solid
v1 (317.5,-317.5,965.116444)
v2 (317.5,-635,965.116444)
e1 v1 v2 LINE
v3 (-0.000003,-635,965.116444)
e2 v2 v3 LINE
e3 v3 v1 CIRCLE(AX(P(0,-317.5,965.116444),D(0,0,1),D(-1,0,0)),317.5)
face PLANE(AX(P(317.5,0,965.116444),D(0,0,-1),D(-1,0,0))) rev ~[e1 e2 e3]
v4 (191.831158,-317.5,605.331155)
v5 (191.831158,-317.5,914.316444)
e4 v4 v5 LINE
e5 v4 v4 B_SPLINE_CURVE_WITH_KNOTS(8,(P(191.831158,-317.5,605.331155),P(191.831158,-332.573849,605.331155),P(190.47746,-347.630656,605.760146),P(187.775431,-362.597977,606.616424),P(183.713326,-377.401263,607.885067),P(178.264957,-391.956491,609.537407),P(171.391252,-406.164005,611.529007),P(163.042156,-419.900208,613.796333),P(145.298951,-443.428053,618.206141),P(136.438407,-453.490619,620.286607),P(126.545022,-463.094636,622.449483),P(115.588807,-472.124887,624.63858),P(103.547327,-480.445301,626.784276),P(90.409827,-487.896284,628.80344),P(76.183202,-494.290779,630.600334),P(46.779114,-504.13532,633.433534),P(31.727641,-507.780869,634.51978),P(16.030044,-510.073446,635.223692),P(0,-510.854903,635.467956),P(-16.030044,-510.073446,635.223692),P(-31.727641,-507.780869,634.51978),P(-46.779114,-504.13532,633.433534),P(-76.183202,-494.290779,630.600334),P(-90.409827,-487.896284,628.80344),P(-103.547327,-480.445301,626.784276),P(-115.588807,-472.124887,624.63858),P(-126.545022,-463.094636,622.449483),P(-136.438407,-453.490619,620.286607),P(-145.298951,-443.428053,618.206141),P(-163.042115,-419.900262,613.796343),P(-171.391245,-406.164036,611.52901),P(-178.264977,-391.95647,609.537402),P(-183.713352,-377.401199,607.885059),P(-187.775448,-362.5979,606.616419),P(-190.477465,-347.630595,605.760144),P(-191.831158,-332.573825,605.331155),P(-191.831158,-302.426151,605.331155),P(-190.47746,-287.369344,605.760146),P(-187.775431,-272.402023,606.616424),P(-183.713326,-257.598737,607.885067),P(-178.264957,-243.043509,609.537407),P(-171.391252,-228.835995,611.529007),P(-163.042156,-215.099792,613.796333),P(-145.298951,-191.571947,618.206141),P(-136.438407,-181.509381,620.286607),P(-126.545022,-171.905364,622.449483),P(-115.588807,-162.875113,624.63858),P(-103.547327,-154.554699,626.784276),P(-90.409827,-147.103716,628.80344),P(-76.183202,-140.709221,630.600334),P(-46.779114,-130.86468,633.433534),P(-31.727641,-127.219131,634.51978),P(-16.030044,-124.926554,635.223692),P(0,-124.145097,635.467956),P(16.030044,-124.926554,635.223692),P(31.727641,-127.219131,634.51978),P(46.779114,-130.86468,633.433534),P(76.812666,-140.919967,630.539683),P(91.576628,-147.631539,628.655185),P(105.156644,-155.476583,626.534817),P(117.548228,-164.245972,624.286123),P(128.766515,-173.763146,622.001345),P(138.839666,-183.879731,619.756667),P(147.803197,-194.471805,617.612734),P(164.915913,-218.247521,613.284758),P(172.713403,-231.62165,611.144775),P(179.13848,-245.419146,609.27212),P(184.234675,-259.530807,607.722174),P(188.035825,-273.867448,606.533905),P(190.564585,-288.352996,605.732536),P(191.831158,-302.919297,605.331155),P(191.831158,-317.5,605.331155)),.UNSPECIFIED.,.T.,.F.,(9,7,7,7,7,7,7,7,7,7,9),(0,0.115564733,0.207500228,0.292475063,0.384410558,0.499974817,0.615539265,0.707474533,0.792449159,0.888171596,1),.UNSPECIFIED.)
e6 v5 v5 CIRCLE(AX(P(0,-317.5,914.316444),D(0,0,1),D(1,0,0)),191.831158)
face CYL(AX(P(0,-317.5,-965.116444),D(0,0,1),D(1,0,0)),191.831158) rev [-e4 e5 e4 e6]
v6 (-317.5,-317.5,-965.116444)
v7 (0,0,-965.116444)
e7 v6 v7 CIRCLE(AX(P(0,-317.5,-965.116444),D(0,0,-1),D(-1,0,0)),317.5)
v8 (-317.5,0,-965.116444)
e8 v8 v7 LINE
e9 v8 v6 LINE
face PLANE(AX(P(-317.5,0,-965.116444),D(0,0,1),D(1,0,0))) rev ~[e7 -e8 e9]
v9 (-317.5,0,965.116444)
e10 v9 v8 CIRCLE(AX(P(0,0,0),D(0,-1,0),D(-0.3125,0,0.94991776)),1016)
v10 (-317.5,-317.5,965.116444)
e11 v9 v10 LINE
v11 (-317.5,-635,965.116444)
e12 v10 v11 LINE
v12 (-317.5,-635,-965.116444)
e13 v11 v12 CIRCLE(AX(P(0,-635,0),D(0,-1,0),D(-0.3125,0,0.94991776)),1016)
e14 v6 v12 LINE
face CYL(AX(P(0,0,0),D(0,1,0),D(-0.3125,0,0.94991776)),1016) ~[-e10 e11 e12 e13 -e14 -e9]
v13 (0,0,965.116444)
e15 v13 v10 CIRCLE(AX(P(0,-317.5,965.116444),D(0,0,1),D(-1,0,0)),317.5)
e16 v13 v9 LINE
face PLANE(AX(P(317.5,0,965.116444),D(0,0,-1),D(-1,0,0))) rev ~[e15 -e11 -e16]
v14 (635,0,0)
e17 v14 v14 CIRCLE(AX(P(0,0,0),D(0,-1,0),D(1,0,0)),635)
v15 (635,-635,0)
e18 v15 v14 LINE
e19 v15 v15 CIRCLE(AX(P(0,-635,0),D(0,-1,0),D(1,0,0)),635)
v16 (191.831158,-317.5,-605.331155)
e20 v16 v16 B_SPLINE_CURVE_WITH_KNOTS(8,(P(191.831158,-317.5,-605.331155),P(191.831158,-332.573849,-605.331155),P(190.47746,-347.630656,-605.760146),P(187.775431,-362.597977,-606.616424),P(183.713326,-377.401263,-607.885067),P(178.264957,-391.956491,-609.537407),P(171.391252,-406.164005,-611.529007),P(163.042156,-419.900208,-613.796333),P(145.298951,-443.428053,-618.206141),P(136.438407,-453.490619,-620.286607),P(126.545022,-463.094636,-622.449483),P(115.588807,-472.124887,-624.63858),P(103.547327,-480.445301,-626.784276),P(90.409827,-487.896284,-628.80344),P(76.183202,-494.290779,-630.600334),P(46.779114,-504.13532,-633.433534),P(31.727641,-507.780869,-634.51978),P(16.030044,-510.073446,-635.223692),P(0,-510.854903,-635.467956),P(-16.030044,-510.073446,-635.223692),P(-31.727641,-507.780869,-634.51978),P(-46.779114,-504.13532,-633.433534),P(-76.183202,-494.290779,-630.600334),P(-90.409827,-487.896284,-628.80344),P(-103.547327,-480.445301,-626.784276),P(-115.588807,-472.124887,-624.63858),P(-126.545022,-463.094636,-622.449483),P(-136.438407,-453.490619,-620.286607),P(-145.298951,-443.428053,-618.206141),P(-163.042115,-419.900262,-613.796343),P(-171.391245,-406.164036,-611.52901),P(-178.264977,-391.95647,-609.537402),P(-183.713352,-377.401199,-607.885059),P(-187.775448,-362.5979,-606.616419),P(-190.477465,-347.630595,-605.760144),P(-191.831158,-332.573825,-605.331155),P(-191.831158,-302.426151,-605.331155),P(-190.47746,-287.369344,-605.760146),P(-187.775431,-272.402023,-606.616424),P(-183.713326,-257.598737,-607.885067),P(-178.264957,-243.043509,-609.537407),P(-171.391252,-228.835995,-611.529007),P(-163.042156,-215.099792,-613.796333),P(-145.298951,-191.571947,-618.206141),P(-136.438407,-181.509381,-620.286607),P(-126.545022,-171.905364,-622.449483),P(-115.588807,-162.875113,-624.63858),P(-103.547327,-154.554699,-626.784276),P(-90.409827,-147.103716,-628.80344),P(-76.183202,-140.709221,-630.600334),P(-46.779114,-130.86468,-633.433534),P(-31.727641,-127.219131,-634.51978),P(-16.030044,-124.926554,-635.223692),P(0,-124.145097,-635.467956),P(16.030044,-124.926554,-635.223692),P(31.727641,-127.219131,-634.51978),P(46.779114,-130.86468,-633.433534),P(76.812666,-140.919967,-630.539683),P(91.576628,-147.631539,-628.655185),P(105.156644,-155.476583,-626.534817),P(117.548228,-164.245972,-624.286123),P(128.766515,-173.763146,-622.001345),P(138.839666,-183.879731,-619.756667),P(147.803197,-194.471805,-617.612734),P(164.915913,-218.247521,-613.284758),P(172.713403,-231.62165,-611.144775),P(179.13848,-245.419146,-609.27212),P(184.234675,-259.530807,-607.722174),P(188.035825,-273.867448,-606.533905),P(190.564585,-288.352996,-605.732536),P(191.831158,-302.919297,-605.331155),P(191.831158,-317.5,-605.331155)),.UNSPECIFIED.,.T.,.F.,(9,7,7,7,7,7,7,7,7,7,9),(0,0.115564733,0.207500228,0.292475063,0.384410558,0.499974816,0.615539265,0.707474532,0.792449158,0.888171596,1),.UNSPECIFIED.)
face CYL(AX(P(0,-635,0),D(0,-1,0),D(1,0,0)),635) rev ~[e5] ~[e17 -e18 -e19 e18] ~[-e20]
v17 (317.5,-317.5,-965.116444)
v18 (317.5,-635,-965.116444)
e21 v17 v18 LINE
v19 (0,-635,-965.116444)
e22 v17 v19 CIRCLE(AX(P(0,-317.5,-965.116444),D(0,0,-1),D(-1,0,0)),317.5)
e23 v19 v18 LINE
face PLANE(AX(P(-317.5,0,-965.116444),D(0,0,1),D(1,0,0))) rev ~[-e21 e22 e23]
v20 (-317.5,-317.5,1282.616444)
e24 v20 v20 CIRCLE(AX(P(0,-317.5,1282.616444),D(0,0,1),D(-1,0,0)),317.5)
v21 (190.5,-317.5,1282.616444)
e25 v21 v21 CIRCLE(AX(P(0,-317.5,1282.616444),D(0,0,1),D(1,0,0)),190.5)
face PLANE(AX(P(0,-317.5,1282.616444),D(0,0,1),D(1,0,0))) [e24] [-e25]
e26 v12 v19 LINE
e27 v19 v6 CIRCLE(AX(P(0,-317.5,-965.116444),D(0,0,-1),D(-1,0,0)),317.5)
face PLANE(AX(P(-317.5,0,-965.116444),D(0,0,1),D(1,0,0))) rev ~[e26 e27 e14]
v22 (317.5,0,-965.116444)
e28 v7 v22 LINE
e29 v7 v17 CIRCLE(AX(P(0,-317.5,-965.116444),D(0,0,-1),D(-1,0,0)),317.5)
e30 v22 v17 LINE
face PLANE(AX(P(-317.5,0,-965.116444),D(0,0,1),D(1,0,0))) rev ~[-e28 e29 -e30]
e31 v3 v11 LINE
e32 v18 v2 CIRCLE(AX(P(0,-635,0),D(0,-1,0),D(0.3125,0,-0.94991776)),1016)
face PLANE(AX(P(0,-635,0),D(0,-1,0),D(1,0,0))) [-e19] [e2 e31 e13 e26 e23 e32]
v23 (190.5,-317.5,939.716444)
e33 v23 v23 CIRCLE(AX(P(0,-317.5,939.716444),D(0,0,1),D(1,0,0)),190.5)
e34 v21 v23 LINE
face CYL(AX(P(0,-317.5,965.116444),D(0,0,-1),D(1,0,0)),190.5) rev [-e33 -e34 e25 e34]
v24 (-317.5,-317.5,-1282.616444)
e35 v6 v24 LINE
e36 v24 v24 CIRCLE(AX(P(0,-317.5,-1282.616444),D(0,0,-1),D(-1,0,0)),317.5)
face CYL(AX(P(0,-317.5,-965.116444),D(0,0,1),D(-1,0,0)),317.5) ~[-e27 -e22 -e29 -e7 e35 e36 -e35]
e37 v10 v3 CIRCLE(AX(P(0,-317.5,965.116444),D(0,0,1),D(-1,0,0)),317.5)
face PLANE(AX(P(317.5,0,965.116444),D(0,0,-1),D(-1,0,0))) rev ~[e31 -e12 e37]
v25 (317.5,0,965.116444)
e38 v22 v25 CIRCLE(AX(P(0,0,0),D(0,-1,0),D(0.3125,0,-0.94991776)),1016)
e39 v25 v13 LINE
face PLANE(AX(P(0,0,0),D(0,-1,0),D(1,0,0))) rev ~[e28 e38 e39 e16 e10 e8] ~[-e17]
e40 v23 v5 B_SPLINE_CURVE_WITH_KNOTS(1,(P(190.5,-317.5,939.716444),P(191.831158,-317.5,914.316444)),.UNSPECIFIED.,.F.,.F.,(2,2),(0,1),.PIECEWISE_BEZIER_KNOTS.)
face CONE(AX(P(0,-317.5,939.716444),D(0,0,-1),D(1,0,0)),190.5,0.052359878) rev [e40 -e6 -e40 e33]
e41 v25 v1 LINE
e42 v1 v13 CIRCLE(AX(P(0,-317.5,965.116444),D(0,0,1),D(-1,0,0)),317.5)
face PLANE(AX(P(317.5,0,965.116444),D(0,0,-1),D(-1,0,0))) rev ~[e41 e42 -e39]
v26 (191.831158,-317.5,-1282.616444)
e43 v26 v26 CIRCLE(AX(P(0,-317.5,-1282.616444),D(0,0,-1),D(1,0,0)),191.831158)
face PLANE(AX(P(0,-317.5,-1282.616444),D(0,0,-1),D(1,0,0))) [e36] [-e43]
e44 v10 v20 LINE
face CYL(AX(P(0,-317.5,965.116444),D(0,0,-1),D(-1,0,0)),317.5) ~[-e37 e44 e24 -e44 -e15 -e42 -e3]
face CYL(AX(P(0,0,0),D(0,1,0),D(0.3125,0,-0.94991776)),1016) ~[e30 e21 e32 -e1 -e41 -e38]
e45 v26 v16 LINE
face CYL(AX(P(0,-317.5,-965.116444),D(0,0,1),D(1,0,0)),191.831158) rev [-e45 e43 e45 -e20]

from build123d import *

# Parameters (mm, degrees)
F0_R      = 635
F1_DEPTH  = 635
F2_R      = 190.5
F3_DEPTH  = 317.5
F4_DEPTH  = 25.4
F4_FACE_R = 190.5
F5_DEPTH  = 25.4
F5_TAPER  = -3
F6_DEPTH  = 1879.4338875035
F8_R      = 191.8311575938
F9_DEPTH  = 317.5
F10_R     = 635
F11_DEPTH = 635.001


with BuildPart() as f1:
    # F0 (on Front) → F1 (new body)
    with BuildSketch(Plane.XZ):
        with BuildLine():
            Line((317.5, 965.1164437517), (-317.5, 965.1164437517))
            ThreePointArc((-317.5, 965.1164437517), (-1016, 0), (-317.5, -965.1164437517))
            Line((-317.5, -965.1164437517), (317.5, -965.1164437517))
            ThreePointArc((317.5, -965.1164437517), (1016, 0), (317.5, 965.1164437517))
        make_face()
        Circle(F0_R, mode=Mode.SUBTRACT)
        Circle(F0_R)
    extrude(amount=F1_DEPTH)

    # F2 (on face) → F3 (join)
    with BuildSketch(Plane.XY.offset(965.1164437517)):
        with BuildLine():
            ThreePointArc((9.495e-07, -635), (224.5064033624, -542.006402691), (317.5, -317.5))
            ThreePointArc((317.5, -317.5), (224.5064033905, -92.993597337), (1.0289e-06, 0))
            ThreePointArc((1.0289e-06, 0), (-224.506402663, -92.9935966095), (-317.5, -317.5))
            ThreePointArc((-317.5, -317.5), (-224.506402691, -542.0064033624), (9.495e-07, -635))
        make_face()
        with Locations((0, -317.5)):
            Circle(F2_R, mode=Mode.SUBTRACT)
    extrude(amount=F3_DEPTH)

    # F4 (cut): a face of the model
    f4_faces = [f1.faces().sort_by_distance(p)[0] for p in [
        (0, -317.5, 965.1164437517),
    ]]
    extrude(f4_faces, amount=-F4_DEPTH, mode=Mode.SUBTRACT)

    # F4_face (on face) → F5 (cut)
    with BuildSketch(Plane(origin=(0, -317.5, 939.7164437517), x_dir=(1, 0, 0), z_dir=(0, 0, 1))):
        Circle(F4_FACE_R)
    extrude(amount=-F5_DEPTH, taper=F5_TAPER, mode=Mode.SUBTRACT)

    # F6 (cut, through all): a face of the model
    f6_faces = [f1.faces().sort_by_distance(p)[0] for p in [
        (0, -317.5, 914.3164437517),
    ]]
    extrude(f6_faces, amount=-F6_DEPTH, mode=Mode.SUBTRACT)

    # F8 (on face) → F9 (join)
    with BuildSketch(Plane(origin=(0, 0, -965.1164437517), x_dir=(1, 0, 0), z_dir=(0, 0, -1))):
        with BuildLine():
            ThreePointArc((3.841e-07, 0), (224.5064031625, 92.9935971091), (317.5, 317.5))
            ThreePointArc((317.5, 317.5), (224.5064035631, 542.0064024903), (1.5171e-06, 635))
            ThreePointArc((1.5171e-06, 635), (-224.5064024903, 542.0064035631), (-317.5, 317.5))
            ThreePointArc((-317.5, 317.5), (-224.5064028909, 92.9935968375), (3.841e-07, 0))
        make_face()
        with Locations((0, 317.5)):
            Circle(F8_R, mode=Mode.SUBTRACT)
    extrude(amount=F9_DEPTH)

    # F10 (on face) → F11 (cut, through all)
    with BuildSketch(Plane.XZ.offset(635)):
        Circle(F10_R)
    extrude(amount=-F11_DEPTH, mode=Mode.SUBTRACT)


solid = f1.part
